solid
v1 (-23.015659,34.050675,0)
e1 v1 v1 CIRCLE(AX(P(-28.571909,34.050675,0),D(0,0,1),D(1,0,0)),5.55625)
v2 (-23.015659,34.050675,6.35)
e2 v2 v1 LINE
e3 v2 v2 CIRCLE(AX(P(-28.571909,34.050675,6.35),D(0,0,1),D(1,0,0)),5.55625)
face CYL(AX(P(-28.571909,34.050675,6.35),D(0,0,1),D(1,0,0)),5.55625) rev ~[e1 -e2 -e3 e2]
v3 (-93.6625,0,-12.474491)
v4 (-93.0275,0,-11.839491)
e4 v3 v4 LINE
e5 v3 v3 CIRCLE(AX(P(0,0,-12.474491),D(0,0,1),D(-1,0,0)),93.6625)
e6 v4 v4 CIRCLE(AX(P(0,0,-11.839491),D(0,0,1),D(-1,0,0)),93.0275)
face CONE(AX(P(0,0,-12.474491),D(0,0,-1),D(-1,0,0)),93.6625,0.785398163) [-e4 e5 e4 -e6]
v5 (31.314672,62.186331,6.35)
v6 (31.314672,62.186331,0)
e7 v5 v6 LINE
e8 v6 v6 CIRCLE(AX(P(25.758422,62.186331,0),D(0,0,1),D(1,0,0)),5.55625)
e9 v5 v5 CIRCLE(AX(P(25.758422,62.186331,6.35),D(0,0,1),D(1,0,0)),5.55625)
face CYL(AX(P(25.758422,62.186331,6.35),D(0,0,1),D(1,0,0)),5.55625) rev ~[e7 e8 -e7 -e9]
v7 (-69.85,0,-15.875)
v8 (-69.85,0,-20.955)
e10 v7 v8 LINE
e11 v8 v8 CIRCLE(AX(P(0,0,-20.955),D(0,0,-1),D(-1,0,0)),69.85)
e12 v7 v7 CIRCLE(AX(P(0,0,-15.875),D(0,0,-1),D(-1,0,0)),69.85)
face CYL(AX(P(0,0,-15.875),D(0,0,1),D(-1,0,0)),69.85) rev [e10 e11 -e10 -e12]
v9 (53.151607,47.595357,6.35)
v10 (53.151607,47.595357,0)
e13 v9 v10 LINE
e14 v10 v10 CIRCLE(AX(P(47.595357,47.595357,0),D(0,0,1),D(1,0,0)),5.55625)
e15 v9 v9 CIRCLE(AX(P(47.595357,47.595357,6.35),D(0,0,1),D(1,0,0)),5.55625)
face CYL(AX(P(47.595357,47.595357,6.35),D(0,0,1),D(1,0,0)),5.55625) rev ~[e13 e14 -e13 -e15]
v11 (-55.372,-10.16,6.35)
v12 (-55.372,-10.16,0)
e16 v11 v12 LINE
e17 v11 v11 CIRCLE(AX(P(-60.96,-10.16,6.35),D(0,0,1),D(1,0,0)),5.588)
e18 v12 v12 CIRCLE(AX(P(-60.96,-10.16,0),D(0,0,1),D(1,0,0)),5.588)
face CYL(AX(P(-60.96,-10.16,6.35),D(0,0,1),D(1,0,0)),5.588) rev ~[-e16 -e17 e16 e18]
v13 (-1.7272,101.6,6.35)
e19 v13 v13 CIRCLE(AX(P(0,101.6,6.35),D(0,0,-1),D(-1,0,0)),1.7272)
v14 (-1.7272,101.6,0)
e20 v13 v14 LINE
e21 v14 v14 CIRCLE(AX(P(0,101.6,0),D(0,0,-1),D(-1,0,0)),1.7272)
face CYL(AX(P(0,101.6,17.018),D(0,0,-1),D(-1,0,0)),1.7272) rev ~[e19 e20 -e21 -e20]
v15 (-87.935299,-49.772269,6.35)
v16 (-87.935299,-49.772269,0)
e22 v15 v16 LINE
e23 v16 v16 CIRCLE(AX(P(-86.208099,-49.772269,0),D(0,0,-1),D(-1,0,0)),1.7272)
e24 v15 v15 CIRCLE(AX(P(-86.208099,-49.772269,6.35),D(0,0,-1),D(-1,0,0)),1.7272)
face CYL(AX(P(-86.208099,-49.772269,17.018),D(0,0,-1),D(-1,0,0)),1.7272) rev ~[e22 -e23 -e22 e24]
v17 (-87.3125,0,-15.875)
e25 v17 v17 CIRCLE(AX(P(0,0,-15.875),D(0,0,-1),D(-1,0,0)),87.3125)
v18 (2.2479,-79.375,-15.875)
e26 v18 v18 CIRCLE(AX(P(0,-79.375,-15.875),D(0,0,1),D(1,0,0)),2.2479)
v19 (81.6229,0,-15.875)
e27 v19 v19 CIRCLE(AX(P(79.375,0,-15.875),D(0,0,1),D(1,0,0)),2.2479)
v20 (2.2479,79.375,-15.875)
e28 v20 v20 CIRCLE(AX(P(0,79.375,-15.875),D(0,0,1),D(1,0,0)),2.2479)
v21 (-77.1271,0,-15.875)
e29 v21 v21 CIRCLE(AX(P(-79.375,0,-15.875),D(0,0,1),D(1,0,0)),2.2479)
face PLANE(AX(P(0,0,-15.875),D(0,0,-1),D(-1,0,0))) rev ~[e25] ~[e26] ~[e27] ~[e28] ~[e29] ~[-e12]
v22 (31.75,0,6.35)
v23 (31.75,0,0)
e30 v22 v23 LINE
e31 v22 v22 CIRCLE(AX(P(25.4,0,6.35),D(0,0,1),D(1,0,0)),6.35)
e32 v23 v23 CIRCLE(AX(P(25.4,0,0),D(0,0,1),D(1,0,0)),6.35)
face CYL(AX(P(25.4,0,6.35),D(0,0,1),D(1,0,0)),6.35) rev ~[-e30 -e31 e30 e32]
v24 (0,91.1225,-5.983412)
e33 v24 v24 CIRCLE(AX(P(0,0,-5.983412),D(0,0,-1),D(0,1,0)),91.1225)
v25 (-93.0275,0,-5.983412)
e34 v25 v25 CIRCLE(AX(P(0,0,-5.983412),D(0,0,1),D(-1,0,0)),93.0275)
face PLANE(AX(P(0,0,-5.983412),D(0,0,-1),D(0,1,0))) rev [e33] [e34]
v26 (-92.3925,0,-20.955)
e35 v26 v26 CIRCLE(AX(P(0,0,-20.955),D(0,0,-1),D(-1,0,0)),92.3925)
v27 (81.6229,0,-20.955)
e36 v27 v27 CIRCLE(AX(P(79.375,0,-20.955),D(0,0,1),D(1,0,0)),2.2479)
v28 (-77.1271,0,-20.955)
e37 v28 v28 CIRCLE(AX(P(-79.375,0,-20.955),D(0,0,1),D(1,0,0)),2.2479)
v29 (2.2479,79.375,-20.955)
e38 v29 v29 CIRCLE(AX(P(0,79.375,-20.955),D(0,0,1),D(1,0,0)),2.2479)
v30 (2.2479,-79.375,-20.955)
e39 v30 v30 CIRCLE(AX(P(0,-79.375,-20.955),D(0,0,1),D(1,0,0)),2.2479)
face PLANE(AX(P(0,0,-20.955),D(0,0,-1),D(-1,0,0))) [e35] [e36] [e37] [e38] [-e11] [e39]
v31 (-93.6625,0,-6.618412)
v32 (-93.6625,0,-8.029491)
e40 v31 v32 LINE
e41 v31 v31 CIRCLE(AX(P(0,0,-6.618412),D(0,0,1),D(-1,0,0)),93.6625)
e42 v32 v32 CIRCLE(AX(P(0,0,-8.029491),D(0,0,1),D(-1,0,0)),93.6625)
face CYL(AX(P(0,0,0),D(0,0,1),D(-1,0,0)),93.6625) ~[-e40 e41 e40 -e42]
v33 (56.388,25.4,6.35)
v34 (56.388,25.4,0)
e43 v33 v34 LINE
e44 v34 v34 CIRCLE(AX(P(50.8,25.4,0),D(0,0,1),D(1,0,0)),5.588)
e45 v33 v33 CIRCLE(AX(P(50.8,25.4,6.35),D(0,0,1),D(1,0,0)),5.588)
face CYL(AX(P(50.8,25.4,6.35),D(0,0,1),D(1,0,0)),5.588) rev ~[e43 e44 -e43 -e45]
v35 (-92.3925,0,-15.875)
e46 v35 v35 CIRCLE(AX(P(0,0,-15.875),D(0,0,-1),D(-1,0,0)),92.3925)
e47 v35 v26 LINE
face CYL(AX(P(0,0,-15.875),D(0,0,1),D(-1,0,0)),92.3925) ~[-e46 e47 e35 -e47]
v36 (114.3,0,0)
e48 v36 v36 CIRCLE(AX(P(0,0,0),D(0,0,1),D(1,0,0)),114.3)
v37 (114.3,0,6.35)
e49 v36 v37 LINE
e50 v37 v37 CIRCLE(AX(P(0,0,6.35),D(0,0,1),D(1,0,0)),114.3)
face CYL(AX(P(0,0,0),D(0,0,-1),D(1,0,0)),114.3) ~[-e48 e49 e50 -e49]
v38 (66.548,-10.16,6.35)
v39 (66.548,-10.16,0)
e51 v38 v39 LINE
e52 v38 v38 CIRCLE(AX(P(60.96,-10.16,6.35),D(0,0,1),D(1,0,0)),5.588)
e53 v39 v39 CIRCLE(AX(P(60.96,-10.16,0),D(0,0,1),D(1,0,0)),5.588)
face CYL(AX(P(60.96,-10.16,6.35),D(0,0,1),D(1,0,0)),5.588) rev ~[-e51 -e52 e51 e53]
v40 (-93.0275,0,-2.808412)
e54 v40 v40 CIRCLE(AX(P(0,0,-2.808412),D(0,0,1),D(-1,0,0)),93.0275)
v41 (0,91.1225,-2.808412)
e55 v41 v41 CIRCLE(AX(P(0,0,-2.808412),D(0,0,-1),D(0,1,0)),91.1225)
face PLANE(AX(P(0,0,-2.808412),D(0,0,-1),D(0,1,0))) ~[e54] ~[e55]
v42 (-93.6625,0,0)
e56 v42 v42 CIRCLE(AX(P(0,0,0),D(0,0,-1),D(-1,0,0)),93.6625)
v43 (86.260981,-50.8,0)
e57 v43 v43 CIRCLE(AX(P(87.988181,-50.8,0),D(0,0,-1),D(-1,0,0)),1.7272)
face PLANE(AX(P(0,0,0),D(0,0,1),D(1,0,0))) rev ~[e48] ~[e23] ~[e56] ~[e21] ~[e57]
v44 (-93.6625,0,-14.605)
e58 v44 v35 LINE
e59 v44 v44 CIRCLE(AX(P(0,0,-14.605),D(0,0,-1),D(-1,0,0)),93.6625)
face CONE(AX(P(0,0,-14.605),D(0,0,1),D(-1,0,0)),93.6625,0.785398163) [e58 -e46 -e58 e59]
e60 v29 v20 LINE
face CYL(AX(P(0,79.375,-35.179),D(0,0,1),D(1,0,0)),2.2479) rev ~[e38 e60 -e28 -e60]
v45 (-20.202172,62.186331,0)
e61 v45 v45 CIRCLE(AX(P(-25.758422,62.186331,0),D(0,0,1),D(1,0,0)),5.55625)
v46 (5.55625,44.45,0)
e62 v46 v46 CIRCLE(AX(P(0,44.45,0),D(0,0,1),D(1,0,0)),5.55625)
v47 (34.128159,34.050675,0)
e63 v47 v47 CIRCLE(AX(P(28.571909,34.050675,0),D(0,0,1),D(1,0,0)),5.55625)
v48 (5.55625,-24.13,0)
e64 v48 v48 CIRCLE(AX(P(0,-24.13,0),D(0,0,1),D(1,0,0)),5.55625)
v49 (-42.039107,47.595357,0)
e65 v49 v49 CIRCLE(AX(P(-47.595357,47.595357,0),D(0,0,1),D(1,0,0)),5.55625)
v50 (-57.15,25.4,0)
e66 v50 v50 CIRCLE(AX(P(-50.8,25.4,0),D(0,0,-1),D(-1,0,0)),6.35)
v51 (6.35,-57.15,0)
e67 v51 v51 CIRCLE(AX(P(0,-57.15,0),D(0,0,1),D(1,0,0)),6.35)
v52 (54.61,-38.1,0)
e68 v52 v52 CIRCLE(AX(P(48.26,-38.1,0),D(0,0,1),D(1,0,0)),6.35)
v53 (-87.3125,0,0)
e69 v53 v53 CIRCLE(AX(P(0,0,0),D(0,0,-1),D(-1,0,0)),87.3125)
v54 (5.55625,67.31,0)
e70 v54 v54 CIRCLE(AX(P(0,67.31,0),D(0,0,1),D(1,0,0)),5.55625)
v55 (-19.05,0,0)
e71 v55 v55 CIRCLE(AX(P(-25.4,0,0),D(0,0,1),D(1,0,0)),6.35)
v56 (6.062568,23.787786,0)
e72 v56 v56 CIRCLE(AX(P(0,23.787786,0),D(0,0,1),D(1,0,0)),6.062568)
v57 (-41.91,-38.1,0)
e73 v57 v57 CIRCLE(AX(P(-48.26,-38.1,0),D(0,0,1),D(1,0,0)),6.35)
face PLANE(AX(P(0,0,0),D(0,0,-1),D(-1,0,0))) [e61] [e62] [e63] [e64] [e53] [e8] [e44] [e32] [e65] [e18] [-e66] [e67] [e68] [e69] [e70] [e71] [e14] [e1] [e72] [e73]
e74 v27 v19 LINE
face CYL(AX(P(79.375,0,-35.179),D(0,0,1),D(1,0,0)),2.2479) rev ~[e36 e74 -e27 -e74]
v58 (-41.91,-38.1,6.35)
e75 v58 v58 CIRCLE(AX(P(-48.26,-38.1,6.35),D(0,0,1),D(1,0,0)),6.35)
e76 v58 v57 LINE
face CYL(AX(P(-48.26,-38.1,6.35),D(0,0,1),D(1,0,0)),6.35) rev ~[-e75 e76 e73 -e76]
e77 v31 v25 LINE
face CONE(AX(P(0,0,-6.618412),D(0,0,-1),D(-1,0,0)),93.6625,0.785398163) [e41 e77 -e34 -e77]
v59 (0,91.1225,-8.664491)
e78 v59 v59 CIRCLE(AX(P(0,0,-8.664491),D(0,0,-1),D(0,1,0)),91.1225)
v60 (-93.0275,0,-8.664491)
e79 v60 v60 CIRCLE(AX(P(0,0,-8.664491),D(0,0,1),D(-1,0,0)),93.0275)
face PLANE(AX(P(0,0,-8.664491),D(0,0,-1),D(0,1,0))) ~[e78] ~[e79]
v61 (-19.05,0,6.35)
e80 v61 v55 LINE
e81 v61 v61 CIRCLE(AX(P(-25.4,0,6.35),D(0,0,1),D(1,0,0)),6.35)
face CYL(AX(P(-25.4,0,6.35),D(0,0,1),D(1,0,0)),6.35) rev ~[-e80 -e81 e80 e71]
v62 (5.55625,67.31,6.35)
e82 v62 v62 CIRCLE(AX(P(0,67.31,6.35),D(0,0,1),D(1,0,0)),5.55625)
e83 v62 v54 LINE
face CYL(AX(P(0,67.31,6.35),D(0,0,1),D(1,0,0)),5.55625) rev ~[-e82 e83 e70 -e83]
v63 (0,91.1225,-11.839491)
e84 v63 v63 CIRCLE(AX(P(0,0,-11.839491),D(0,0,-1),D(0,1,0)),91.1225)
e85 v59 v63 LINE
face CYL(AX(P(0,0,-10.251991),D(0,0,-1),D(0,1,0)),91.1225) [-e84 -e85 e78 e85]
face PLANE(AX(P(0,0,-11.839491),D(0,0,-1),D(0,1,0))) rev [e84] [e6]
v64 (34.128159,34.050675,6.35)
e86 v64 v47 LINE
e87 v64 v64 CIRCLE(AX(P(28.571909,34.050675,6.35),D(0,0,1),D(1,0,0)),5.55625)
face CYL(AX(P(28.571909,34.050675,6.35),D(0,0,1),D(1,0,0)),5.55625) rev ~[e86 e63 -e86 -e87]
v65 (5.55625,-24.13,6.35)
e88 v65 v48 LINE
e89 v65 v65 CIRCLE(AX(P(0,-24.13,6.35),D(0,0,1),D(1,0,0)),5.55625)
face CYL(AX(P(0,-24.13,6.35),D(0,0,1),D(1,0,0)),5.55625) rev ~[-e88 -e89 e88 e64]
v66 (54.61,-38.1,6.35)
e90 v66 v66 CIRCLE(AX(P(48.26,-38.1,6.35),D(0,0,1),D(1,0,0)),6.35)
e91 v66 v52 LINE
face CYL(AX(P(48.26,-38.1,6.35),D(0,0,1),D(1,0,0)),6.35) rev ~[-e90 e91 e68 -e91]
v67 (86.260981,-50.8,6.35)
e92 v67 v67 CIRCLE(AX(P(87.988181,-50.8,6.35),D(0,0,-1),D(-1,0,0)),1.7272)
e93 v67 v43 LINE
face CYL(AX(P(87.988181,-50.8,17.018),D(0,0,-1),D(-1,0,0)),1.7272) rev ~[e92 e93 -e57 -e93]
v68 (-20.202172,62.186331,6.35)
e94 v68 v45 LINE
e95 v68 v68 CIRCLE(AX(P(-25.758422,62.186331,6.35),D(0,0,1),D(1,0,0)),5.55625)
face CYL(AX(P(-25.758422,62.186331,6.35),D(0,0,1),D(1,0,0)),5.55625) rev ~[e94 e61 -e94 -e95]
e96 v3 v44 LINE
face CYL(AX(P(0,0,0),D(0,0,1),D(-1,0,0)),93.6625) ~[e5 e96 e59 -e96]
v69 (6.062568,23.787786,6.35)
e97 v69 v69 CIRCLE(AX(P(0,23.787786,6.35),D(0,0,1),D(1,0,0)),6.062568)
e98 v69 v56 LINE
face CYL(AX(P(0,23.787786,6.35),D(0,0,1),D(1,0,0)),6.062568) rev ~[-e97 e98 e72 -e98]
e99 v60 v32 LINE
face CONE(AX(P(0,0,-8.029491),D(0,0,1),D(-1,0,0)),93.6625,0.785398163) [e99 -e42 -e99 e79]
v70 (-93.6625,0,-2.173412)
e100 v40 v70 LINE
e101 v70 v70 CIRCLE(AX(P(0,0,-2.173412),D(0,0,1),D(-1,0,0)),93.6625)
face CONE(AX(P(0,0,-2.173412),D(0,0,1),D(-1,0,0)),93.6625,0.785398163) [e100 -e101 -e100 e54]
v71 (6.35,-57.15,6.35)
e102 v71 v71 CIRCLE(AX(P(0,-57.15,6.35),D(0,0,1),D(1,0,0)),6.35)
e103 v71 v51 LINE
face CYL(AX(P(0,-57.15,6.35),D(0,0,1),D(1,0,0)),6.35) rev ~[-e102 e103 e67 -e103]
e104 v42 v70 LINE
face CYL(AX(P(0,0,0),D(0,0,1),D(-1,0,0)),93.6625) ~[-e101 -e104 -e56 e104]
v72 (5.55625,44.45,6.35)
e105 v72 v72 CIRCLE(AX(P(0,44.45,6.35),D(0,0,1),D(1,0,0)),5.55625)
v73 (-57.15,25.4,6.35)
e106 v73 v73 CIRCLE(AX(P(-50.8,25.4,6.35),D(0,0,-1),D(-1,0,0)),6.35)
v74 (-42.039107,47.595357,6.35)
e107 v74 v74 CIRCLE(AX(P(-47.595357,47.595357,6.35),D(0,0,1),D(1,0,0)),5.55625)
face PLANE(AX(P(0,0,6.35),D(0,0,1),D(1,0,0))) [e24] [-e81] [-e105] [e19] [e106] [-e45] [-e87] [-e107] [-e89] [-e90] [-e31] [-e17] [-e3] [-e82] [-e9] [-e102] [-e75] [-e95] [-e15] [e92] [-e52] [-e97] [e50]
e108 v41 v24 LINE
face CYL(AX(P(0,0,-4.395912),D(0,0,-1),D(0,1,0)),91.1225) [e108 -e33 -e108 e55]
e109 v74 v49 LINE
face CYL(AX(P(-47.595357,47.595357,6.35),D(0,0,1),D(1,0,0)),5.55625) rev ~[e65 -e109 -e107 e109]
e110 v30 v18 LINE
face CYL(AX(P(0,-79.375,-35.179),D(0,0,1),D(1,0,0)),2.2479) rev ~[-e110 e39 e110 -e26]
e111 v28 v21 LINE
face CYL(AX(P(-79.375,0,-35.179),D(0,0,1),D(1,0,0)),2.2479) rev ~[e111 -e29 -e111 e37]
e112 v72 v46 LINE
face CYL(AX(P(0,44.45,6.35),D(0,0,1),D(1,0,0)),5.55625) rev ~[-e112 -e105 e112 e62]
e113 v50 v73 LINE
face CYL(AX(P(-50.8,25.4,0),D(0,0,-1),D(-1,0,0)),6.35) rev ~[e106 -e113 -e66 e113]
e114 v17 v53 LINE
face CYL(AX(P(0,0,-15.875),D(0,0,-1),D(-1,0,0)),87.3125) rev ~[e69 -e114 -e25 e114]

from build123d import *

# Parameters (mm, degrees)
SKETCH1_R                  = 114.3
EXTRUDE1_DEPTH             = 6.35
SKETCH2_R                  = 93.6625
EXTRUDE2_DEPTH             = 15.875
SKETCH3_R                  = 87.3125
CUT_EXTRUDE1_DEPTH         = 15.875
SKETCH4_W                  = 3.175
SKETCH4_H                  = 2.54
CHAMFER1_SIZE              = 1.27
CHAMFER2_SIZE              = 0.635
SKETCH9_R                  = 6.35
CUT_EXTRUDE2_DEPTH         = 23.225
SKETCH11_R                 = 5.55625
CUT_EXTRUDE4_DEPTH         = 23.225
SKETCH12_R                 = 6.35
CUT_EXTRUDE5_DEPTH         = 23.225
SKETCH13_R                 = 5.55625
CUT_EXTRUDE6_DEPTH         = 23.225
SKETCH17_R                 = 92.3925
SKETCH17_R_2               = 69.85
BOSS_EXTRUDE1_DEPTH        = 5.08
F_12_24_TAPPED_HOLE1_D     = 4.4958
F_12_24_TAPPED_HOLE1_DEPTH = 14.224
F_8_32_TAPPED_HOLE1_D      = 3.4544
F_8_32_TAPPED_HOLE1_DEPTH  = 10.668
SKETCH25_R                 = 5.588
CUT_EXTRUDE8_DEPTH         = 28.305
SKETCH24_R                 = 6.35
CUT_EXTRUDE7_DEPTH         = 7.35
SKETCH26_R                 = 5.588
CUT_EXTRUDE9_DEPTH         = 28.305
SKETCH27_R                 = 5.55625
CUT_EXTRUDE10_DEPTH        = 28.305
SKETCH28_R                 = 6.062568313
CUT_EXTRUDE11_DEPTH        = 28.305


with BuildPart() as part:
    # Sketch1 → Extrude1 (new body)
    with BuildSketch(Plane.XY):
        Circle(SKETCH1_R)
    extrude(amount=EXTRUDE1_DEPTH)

    # Sketch2 → Extrude2 (add)
    with BuildSketch(Plane(origin=(0, 0, 0), x_dir=(-1, 0, 0), z_dir=(0, 0, -1))):
        Circle(SKETCH2_R)
    extrude(amount=EXTRUDE2_DEPTH)

    # Sketch3 → Cut-Extrude1 (cut)
    with BuildSketch(Plane(origin=(0, 0, -15.875), x_dir=(-1, 0, 0), z_dir=(0, 0, -1))):
        Circle(SKETCH3_R)
    extrude(amount=-CUT_EXTRUDE1_DEPTH, mode=Mode.SUBTRACT)

    # Sketch4 → Cut-Revolve1 (revolve, cut)
    with BuildSketch(Plane(origin=(0, 0, 0), x_dir=(0, 0, -1), z_dir=(1, 0, 0))):
        with Locations((4.395911794, 92.3925)):
            Rectangle(SKETCH4_W, SKETCH4_H)
        with Locations((10.251990741, 92.3925)):
            Rectangle(SKETCH4_W, SKETCH4_H)
    revolve(axis=Axis((0, 0, 0), (0, 0, -1)), mode=Mode.SUBTRACT)

    # Chamfer1
    chamfer1_edges = [part.edges().sort_by_distance(p)[0] for p in [
        (93.6625, 0, -15.875),
    ]]
    chamfer(chamfer1_edges, length=CHAMFER1_SIZE)

    # Chamfer2
    chamfer2_edges = [part.edges().sort_by_distance(p)[0] for p in [
        (93.6625, 0, -2.808411794),
        (93.6625, 0, -5.983411794),
        (93.6625, 0, -8.664490741),
        (93.6625, 0, -11.839490741),
    ]]
    chamfer(chamfer2_edges, length=CHAMFER2_SIZE)

    # Sketch9 → Cut-Extrude2 (cut, through all)
    with BuildSketch(Plane.XY.offset(6.35)):
        with Locations((-48.26, -38.1)):
            Circle(SKETCH9_R)
        with Locations((48.26, -38.1)):
            Circle(SKETCH9_R)
    extrude(amount=-CUT_EXTRUDE2_DEPTH, mode=Mode.SUBTRACT)

    # Sketch11 → Cut-Extrude4 (cut, through all)
    with BuildSketch(Plane.XY.offset(6.35)):
        with Locations((25.758421832, 62.186331333)):
            Circle(SKETCH11_R)
        with Locations((47.595357442, 47.595357442)):
            Circle(SKETCH11_R)
        with Locations((-47.595357442, 47.595357442)):
            Circle(SKETCH11_R)
        with Locations((-25.758421832, 62.186331333)):
            Circle(SKETCH11_R)
        with Locations((0, 67.31)):
            Circle(SKETCH11_R)
    extrude(amount=-CUT_EXTRUDE4_DEPTH, mode=Mode.SUBTRACT)

    # Sketch12 → Cut-Extrude5 (cut, through all)
    with BuildSketch(Plane.XY.offset(6.35)):
        with Locations((0, -57.15)):
            Circle(SKETCH12_R)
        with Locations((-25.4, 0)):
            Circle(SKETCH12_R)
        with Locations((25.4, 0)):
            Circle(SKETCH12_R)
    extrude(amount=-CUT_EXTRUDE5_DEPTH, mode=Mode.SUBTRACT)

    # Sketch13 → Cut-Extrude6 (cut, through all)
    with BuildSketch(Plane.XY.offset(6.35)):
        with Locations((0, 44.45)):
            Circle(SKETCH13_R)
        with Locations((28.571909251, 34.050675497)):
            Circle(SKETCH13_R)
        with Locations((-28.571909251, 34.050675497)):
            Circle(SKETCH13_R)
    extrude(amount=-CUT_EXTRUDE6_DEPTH, mode=Mode.SUBTRACT)

    # Sketch17 → Boss-Extrude1 (add)
    with BuildSketch(Plane(origin=(0, 0, -15.875), x_dir=(-1, 0, 0), z_dir=(0, 0, -1))):
        Circle(SKETCH17_R)
        Circle(SKETCH17_R_2, mode=Mode.SUBTRACT)
    extrude(amount=BOSS_EXTRUDE1_DEPTH)

    # #12-24 Tapped Hole1
    with Locations(Plane(origin=(0, 0, -20.955), x_dir=(-1, 0, 0), z_dir=(0, 0, -1))):
        with Locations((0, 79.375), (-79.375, 0), (0, -79.375), (79.375, 0)):
            Hole(F_12_24_TAPPED_HOLE1_D / 2, depth=F_12_24_TAPPED_HOLE1_DEPTH)

    # #8-32 Tapped Hole1
    with Locations(Plane.XY.offset(6.35)):
        with Locations((0, 101.6), (-86.20809861, -49.772268939), (87.988181024, -50.8)):
            Hole(F_8_32_TAPPED_HOLE1_D / 2, depth=F_8_32_TAPPED_HOLE1_DEPTH)

    # Sketch25 → Cut-Extrude8 (cut, through all)
    with BuildSketch(Plane.XY.offset(6.35)):
        with Locations((60.96, -10.16)):
            Circle(SKETCH25_R)
        with Locations((-60.96, -10.16)):
            Circle(SKETCH25_R)
    extrude(amount=-CUT_EXTRUDE8_DEPTH, mode=Mode.SUBTRACT)

    # Sketch24 → Cut-Extrude7 (cut, through all)
    with BuildSketch(Plane(origin=(0, 0, 0), x_dir=(-1, 0, 0), z_dir=(0, 0, -1))):
        with Locations((50.8, 25.4)):
            Circle(SKETCH24_R)
    extrude(amount=-CUT_EXTRUDE7_DEPTH, mode=Mode.SUBTRACT)

    # Sketch26 → Cut-Extrude9 (cut, through all)
    with BuildSketch(Plane.XY.offset(6.35)):
        with Locations((50.8, 25.4)):
            Circle(SKETCH26_R)
    extrude(amount=-CUT_EXTRUDE9_DEPTH, mode=Mode.SUBTRACT)

    # Sketch27 → Cut-Extrude10 (cut, through all)
    with BuildSketch(Plane.XY.offset(6.35)):
        with Locations((0, -24.13)):
            Circle(SKETCH27_R)
    extrude(amount=-CUT_EXTRUDE10_DEPTH, mode=Mode.SUBTRACT)

    # Sketch28 → Cut-Extrude11 (cut, through all)
    with BuildSketch(Plane.XY.offset(6.35)):
        with Locations((0, 23.787786302)):
            Circle(SKETCH28_R)
    extrude(amount=-CUT_EXTRUDE11_DEPTH, mode=Mode.SUBTRACT)


solid = part.part
